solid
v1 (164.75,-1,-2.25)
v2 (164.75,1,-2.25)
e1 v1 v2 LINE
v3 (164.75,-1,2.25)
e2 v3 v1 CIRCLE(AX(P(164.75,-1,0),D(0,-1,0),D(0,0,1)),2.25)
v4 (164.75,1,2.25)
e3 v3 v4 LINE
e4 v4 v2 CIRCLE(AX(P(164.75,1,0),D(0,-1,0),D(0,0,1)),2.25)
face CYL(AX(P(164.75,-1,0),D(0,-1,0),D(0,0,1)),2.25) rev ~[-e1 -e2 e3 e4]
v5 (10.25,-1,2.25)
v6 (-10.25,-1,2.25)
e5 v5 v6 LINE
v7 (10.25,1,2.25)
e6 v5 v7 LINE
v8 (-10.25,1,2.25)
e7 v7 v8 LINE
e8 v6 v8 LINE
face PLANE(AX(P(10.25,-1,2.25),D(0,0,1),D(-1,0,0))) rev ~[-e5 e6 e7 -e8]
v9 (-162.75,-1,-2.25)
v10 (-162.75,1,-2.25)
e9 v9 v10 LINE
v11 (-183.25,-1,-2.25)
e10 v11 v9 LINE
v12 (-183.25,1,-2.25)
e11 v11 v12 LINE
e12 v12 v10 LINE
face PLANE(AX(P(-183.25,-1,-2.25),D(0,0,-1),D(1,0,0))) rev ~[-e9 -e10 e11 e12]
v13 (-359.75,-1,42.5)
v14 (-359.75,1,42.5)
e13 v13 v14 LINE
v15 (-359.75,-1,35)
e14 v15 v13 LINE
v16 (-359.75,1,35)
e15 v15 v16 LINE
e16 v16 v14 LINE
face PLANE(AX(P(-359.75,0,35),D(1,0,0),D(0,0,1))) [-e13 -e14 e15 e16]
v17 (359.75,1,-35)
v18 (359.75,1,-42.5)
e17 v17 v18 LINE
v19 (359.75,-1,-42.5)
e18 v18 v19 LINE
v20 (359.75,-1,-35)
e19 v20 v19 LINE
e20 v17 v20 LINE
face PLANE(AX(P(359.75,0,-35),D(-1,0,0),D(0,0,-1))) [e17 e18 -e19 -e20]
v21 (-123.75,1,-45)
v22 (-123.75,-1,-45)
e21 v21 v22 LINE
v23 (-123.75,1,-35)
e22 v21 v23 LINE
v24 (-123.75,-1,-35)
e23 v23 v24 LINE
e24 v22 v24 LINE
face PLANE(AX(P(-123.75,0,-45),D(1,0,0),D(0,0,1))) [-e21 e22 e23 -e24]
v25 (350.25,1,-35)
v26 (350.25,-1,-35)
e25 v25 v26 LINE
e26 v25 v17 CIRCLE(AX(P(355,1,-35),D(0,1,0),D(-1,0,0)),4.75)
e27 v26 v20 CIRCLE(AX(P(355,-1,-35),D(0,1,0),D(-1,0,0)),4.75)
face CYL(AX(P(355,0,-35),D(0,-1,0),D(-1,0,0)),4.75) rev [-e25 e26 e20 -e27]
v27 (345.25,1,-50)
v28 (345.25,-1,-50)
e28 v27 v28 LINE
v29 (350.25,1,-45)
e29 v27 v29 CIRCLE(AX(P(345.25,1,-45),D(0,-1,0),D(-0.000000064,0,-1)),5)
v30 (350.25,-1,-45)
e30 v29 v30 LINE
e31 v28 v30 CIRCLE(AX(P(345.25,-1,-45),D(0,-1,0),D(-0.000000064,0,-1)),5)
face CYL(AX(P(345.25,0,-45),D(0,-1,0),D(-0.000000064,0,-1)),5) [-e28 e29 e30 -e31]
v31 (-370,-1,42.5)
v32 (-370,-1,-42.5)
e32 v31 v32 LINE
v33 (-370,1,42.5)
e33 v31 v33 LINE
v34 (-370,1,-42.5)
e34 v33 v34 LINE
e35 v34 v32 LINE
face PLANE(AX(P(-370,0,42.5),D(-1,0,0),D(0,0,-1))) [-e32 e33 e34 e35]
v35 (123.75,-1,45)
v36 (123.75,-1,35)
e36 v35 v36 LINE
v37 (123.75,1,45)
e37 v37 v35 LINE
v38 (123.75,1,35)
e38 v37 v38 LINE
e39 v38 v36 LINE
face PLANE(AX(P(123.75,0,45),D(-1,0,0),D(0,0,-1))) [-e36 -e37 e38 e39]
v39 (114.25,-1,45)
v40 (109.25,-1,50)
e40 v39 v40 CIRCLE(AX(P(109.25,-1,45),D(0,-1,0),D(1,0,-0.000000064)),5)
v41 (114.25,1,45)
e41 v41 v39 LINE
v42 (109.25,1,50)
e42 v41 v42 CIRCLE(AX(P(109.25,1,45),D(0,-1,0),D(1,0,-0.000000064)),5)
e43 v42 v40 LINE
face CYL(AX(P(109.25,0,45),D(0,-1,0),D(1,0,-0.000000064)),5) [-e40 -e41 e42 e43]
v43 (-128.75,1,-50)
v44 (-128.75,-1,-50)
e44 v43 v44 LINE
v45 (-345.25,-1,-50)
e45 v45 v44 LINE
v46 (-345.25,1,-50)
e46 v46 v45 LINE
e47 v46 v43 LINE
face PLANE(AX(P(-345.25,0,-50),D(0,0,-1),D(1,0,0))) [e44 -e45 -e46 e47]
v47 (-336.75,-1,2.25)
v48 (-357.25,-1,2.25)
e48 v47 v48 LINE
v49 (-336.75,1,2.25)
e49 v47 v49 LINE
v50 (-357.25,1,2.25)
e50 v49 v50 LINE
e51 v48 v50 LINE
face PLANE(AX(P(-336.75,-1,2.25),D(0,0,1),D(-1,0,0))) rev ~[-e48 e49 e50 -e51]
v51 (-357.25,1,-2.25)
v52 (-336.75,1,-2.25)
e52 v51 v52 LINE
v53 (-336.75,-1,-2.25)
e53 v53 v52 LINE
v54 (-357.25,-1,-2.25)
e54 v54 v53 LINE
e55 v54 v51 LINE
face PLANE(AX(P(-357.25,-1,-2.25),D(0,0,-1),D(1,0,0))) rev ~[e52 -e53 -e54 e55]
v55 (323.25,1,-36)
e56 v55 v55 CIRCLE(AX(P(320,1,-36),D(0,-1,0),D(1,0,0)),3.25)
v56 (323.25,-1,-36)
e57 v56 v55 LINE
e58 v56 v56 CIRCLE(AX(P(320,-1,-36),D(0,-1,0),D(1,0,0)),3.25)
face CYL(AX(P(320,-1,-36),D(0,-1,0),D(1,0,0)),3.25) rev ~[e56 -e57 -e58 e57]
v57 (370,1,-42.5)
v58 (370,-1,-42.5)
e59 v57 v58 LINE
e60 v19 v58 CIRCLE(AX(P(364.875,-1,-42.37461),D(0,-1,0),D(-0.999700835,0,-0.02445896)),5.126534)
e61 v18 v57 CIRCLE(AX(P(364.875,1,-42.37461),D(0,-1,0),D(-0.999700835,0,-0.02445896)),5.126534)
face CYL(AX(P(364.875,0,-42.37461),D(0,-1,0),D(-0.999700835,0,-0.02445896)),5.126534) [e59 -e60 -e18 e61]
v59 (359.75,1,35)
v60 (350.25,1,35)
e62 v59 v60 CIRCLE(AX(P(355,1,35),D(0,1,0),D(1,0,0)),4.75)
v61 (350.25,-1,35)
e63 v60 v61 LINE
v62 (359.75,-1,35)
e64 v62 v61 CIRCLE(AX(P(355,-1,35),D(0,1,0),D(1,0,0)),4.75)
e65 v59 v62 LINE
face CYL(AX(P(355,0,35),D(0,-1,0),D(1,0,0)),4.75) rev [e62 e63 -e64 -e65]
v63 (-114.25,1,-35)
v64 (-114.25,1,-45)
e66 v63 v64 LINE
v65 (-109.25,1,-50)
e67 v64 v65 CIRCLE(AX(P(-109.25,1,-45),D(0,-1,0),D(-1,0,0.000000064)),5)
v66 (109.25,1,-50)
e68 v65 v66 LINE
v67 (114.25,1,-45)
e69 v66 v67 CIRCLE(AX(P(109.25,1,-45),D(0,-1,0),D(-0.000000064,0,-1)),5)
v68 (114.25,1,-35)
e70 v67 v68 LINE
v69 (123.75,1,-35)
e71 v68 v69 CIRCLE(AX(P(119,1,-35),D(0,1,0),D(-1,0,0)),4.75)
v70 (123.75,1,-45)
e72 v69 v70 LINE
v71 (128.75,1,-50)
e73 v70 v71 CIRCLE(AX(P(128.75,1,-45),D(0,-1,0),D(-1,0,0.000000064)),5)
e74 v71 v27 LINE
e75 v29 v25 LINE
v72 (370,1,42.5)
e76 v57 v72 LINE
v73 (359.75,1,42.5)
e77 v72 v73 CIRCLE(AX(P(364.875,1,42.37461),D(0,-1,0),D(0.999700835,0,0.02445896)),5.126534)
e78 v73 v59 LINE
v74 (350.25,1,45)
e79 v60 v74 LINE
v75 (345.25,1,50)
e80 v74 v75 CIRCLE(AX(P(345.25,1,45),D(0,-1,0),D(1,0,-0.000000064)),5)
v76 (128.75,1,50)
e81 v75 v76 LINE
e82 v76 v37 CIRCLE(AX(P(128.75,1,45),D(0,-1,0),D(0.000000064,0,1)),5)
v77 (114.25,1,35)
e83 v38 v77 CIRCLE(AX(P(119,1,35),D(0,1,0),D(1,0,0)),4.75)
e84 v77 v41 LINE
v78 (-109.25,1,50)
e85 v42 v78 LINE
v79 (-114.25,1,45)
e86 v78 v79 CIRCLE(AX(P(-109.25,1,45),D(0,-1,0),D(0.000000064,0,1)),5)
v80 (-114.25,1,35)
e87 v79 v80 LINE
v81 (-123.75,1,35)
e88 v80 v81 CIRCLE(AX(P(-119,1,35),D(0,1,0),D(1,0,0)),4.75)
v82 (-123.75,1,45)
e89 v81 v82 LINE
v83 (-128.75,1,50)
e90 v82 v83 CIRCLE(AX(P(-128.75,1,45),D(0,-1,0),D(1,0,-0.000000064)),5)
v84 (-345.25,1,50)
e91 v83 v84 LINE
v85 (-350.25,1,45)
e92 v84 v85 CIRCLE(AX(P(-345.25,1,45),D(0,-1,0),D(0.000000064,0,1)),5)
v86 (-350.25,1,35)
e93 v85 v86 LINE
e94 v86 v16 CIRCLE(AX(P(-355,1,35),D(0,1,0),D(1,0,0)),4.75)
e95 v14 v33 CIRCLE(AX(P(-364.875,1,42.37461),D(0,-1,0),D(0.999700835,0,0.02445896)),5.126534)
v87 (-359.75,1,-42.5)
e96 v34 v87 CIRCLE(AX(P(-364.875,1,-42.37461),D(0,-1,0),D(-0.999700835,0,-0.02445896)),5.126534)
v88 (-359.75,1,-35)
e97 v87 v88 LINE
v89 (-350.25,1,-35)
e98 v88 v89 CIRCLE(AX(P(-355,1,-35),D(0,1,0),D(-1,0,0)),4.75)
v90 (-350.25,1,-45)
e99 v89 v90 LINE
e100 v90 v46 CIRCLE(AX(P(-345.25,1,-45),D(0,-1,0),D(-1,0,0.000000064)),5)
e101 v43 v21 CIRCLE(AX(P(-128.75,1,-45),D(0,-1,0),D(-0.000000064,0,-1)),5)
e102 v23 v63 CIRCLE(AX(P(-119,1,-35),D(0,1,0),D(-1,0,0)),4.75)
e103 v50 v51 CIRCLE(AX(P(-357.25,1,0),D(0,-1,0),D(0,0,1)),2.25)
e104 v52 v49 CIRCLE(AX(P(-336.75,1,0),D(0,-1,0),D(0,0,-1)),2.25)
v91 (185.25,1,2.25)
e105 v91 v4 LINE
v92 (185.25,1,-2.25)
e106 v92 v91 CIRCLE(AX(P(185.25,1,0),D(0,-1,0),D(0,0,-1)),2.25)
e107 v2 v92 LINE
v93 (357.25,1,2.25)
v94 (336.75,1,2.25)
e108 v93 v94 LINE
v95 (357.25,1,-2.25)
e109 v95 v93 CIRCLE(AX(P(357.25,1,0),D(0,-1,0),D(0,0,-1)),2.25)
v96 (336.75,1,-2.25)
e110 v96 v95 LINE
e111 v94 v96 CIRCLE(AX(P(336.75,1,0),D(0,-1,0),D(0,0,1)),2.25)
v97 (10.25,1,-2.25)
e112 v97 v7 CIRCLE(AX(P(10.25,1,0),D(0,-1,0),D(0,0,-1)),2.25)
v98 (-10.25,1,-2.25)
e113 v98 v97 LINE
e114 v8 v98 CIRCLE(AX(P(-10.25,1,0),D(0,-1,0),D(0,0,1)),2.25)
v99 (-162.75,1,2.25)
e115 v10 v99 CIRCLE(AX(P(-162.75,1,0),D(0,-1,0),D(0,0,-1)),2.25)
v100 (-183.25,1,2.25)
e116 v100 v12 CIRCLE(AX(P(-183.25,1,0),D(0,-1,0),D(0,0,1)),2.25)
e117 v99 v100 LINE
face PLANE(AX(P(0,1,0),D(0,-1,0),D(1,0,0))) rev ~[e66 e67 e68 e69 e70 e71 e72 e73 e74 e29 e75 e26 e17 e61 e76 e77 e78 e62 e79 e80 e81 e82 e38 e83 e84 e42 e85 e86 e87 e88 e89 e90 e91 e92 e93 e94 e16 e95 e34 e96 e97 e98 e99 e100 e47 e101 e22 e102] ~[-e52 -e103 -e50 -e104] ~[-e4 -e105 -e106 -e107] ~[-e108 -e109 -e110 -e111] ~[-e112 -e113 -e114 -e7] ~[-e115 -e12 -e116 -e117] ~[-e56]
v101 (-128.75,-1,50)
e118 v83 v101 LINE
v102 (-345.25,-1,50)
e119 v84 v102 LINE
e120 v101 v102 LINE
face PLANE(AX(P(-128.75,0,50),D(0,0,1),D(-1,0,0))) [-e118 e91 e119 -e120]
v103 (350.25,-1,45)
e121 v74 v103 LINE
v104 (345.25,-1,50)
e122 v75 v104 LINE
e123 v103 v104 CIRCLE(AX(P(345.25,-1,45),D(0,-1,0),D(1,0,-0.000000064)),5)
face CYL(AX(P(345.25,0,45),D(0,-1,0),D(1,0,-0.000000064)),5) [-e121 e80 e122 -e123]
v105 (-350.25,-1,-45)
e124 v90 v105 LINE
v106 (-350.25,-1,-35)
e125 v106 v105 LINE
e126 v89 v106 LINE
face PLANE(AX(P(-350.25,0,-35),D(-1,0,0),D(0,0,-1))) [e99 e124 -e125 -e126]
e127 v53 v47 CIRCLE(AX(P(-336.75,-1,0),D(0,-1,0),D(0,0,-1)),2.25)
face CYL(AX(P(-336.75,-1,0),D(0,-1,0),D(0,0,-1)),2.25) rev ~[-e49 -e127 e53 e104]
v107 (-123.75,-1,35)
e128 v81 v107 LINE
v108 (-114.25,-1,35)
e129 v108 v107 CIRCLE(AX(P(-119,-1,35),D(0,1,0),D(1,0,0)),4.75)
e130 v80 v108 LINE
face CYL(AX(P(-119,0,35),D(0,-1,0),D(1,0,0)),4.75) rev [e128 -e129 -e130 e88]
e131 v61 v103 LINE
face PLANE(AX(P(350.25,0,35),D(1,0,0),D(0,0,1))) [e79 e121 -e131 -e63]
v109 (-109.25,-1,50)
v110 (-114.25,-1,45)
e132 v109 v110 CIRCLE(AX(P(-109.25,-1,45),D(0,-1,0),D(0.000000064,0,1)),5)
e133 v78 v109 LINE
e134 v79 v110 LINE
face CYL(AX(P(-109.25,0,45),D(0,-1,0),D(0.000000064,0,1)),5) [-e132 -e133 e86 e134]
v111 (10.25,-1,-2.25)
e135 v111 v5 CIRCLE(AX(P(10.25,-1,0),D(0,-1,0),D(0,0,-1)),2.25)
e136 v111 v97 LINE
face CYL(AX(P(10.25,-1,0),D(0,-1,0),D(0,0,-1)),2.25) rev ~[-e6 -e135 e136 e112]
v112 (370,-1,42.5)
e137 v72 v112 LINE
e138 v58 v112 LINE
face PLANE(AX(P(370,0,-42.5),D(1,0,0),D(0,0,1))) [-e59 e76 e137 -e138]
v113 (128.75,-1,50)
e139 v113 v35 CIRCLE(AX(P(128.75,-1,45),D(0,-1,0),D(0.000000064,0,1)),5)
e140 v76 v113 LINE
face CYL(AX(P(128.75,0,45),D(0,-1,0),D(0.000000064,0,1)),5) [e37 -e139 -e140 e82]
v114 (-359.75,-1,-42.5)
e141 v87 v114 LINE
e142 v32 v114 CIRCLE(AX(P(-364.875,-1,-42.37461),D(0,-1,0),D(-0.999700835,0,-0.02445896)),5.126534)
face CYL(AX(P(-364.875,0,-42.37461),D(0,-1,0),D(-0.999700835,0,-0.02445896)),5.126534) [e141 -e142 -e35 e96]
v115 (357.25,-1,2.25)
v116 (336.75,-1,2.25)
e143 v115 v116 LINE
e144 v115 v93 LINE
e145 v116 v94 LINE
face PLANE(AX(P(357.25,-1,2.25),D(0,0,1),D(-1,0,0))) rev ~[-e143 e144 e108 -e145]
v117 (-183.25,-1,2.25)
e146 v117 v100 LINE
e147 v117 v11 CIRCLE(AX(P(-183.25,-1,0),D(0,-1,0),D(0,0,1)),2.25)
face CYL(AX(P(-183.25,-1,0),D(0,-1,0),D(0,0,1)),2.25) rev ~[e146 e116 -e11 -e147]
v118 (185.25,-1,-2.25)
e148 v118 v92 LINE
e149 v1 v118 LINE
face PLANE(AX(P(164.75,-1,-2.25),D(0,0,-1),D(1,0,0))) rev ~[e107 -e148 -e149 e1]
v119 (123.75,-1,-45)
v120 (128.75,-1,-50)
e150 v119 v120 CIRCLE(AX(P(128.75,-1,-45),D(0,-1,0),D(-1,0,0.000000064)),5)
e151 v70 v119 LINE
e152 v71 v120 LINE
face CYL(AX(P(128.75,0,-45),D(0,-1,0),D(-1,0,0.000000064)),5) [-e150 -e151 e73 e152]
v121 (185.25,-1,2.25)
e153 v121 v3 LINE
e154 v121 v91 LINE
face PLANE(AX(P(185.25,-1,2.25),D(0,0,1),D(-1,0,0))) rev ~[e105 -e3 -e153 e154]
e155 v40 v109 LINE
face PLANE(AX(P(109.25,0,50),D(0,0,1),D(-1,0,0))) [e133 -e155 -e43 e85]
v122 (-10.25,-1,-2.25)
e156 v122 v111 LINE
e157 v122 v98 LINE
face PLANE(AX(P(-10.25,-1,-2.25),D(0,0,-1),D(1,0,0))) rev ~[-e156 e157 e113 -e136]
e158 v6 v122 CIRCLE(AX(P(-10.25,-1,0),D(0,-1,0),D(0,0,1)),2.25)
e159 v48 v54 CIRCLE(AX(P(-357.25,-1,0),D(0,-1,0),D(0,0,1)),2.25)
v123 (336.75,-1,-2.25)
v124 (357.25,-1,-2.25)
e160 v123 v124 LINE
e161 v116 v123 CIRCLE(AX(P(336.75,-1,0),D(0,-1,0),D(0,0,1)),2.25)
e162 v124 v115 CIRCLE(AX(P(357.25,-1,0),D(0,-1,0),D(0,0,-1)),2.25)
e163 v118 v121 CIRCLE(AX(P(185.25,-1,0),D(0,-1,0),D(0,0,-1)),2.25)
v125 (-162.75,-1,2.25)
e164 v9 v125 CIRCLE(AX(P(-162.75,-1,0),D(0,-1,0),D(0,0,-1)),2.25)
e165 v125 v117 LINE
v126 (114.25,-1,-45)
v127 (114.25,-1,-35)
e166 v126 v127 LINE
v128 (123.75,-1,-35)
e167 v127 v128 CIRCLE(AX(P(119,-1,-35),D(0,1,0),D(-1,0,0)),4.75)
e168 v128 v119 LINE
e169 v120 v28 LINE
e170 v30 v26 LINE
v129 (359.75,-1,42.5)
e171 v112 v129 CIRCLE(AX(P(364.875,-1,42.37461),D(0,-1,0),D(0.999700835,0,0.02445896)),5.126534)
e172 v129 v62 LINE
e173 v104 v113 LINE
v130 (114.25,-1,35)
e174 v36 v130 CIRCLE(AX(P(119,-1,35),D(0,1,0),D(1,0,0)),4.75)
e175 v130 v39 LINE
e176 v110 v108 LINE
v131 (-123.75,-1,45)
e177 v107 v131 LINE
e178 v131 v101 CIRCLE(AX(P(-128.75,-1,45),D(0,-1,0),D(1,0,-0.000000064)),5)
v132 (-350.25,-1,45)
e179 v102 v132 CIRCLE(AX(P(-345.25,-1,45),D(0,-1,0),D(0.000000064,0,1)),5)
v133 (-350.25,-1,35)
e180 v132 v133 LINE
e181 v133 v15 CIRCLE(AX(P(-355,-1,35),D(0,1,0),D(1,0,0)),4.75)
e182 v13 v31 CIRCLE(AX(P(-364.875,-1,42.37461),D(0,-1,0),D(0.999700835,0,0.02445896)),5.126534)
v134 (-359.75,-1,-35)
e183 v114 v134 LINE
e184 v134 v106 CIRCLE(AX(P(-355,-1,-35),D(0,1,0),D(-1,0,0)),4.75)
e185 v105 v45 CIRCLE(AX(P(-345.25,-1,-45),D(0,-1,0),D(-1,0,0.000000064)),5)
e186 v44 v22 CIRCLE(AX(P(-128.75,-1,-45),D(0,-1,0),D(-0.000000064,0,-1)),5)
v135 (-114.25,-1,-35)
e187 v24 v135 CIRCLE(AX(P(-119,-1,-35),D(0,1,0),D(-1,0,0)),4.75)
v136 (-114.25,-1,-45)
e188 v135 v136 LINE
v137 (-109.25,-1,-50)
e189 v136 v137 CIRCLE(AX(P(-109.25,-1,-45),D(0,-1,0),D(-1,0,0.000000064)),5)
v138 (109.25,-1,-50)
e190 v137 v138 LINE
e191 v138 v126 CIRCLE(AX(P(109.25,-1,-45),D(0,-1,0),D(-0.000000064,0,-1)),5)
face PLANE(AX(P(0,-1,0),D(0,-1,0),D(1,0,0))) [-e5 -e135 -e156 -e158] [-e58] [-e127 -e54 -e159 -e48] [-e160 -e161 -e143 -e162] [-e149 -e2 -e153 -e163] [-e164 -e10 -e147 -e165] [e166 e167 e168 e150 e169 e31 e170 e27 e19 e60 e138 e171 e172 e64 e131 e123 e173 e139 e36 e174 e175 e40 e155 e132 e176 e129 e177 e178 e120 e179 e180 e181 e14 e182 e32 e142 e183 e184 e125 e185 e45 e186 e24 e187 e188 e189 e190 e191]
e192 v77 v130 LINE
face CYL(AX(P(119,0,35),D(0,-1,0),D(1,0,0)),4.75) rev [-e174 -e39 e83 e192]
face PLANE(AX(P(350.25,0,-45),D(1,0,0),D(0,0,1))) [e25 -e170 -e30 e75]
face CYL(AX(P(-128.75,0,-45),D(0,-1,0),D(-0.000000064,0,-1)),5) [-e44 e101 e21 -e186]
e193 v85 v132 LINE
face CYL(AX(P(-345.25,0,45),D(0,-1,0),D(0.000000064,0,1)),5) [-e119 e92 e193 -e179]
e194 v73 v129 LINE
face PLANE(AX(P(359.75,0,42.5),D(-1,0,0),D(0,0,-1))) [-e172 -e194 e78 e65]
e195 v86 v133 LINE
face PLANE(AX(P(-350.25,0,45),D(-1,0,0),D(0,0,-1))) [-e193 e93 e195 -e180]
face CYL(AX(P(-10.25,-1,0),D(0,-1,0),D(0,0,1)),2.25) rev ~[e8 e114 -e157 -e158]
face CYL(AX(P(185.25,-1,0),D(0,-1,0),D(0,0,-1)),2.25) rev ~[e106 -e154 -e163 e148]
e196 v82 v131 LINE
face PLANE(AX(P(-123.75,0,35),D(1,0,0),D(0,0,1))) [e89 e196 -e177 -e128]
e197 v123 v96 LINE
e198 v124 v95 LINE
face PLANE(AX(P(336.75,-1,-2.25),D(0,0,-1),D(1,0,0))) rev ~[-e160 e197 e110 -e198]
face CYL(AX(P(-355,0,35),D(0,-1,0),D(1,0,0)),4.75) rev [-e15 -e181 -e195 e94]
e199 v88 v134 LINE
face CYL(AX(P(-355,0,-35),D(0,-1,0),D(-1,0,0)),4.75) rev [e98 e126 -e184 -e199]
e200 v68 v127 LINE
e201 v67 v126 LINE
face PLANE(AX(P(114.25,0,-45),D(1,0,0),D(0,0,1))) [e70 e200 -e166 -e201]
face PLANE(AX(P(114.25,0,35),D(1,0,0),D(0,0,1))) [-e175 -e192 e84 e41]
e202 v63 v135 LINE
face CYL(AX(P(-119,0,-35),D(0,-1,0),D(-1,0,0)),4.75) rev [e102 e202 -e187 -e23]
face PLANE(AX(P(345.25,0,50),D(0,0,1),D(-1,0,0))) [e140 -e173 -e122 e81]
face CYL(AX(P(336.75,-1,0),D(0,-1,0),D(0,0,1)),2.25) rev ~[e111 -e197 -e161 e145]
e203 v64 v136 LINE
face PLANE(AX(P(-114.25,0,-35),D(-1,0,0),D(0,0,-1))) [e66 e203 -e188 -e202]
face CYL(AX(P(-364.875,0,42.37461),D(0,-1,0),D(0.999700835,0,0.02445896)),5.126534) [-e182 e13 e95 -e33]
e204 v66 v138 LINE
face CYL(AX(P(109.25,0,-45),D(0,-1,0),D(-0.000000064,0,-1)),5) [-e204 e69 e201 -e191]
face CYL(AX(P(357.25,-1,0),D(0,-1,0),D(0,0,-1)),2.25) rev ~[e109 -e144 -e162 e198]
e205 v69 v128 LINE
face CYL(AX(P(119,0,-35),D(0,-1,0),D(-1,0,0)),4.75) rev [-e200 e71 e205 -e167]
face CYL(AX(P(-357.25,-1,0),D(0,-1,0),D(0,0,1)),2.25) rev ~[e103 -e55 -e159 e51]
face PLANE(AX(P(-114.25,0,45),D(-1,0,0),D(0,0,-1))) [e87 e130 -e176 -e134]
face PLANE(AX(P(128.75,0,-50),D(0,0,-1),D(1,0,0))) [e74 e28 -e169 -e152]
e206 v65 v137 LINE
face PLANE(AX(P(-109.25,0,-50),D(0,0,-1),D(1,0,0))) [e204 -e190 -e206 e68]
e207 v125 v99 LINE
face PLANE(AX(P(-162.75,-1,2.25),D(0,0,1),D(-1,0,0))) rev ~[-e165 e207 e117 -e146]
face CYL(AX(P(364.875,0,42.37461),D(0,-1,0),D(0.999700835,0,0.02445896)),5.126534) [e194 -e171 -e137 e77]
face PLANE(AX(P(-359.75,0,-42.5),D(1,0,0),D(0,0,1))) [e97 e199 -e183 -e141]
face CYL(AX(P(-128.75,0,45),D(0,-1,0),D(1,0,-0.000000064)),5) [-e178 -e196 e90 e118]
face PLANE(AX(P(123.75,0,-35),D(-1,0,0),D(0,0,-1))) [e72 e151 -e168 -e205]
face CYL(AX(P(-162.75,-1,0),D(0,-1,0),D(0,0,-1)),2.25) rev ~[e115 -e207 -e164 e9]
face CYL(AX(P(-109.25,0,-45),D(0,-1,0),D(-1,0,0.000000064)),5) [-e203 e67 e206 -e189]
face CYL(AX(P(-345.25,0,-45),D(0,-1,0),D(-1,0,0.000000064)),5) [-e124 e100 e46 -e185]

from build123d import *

# Parameters (mm, degrees)
F1_DEPTH = 1
F3_DEPTH = 25
F4_R     = 3.25
F5_DEPTH = 25


with BuildPart() as f1:
    # F0 (on Front) → F1 (new body, symmetric)
    with BuildSketch(Plane.XZ):
        with BuildLine():
            Line((-370, 42.5), (-370, -42.5))
            ThreePointArc((-370, -42.5), (-364.875, -47.501144), (-359.75, -42.5))
            Line((-359.75, -42.5), (-359.75, -35))
            ThreePointArc((-359.75, -35), (-355, -30.25), (-350.25, -35))
            Line((-350.25, -35), (-350.25, -45))
            ThreePointArc((-350.25, -45), (-348.785534, -48.535534), (-345.25, -50))
            Line((-345.25, -50), (-128.75, -50))
            ThreePointArc((-128.75, -50), (-125.214466, -48.535534), (-123.75, -45))
            Line((-123.75, -45), (-123.75, -35))
            ThreePointArc((-123.75, -35), (-119, -30.25), (-114.25, -35))
            Line((-114.25, -35), (-114.25, -45))
            ThreePointArc((-114.25, -45), (-112.785534, -48.535534), (-109.25, -50))
            Line((-109.25, -50), (109.25, -50))
            ThreePointArc((109.25, -50), (112.785534, -48.535534), (114.25, -45))
            Line((114.25, -45), (114.25, -35))
            ThreePointArc((114.25, -35), (119, -30.25), (123.75, -35))
            Line((123.75, -35), (123.75, -45))
            ThreePointArc((123.75, -45), (125.214466, -48.535534), (128.75, -50))
            Line((128.75, -50), (345.25, -50))
            ThreePointArc((345.25, -50), (348.785534, -48.535534), (350.25, -45))
            Line((350.25, -45), (350.25, -35))
            ThreePointArc((350.25, -35), (355, -30.25), (359.75, -35))
            Line((359.75, -35), (359.75, -42.5))
            ThreePointArc((359.75, -42.5), (364.875, -47.501144), (370, -42.5))
            Line((370, -42.5), (370, 42.5))
            ThreePointArc((370, 42.5), (364.875, 47.501144), (359.75, 42.5))
            Line((359.75, 42.5), (359.75, 35))
            ThreePointArc((359.75, 35), (355, 30.25), (350.25, 35))
            Line((350.25, 35), (350.25, 45))
            ThreePointArc((350.25, 45), (348.785534, 48.535534), (345.25, 50))
            Line((345.25, 50), (128.75, 50))
            ThreePointArc((128.75, 50), (125.214466, 48.535534), (123.75, 45))
            Line((123.75, 45), (123.75, 35))
            ThreePointArc((123.75, 35), (119, 30.25), (114.25, 35))
            Line((114.25, 35), (114.25, 45))
            ThreePointArc((114.25, 45), (112.785534, 48.535534), (109.25, 50))
            Line((109.25, 50), (-109.25, 50))
            ThreePointArc((-109.25, 50), (-112.785534, 48.535534), (-114.25, 45))
            Line((-114.25, 45), (-114.25, 35))
            ThreePointArc((-114.25, 35), (-119, 30.25), (-123.75, 35))
            Line((-123.75, 35), (-123.75, 45))
            ThreePointArc((-123.75, 45), (-125.214466, 48.535534), (-128.75, 50))
            Line((-128.75, 50), (-345.25, 50))
            ThreePointArc((-345.25, 50), (-348.785534, 48.535534), (-350.25, 45))
            Line((-350.25, 45), (-350.25, 35))
            ThreePointArc((-350.25, 35), (-355, 30.25), (-359.75, 35))
            Line((-359.75, 35), (-359.75, 42.5))
            ThreePointArc((-359.75, 42.5), (-364.875, 47.501144), (-370, 42.5))
        make_face()
    extrude(amount=F1_DEPTH, both=True)

    # F2 (on face) → F3 (cut)
    with BuildSketch(Plane.XZ.offset(1)):
        with BuildLine():
            Line((-357.25, -2.25), (-336.75, -2.25))
            ThreePointArc((-336.75, -2.25), (-334.5, 0), (-336.75, 2.25))
            Line((-336.75, 2.25), (-357.25, 2.25))
            ThreePointArc((-357.25, 2.25), (-359.5, 0), (-357.25, -2.25))
        make_face()
        with BuildLine():
            Line((-183.25, -2.25), (-162.75, -2.25))
            ThreePointArc((-162.75, -2.25), (-160.5, 0), (-162.75, 2.25))
            Line((-162.75, 2.25), (-183.25, 2.25))
            ThreePointArc((-183.25, 2.25), (-185.5, 0), (-183.25, -2.25))
        make_face()
        with BuildLine():
            Line((-10.25, -2.25), (10.25, -2.25))
            ThreePointArc((10.25, -2.25), (12.5, 0), (10.25, 2.25))
            Line((10.25, 2.25), (-10.25, 2.25))
            ThreePointArc((-10.25, 2.25), (-12.5, 0), (-10.25, -2.25))
        make_face()
        with BuildLine():
            Line((164.75, -2.25), (185.25, -2.25))
            ThreePointArc((185.25, -2.25), (187.5, 0), (185.25, 2.25))
            Line((185.25, 2.25), (164.75, 2.25))
            ThreePointArc((164.75, 2.25), (162.5, 0), (164.75, -2.25))
        make_face()
        with BuildLine():
            Line((336.75, -2.25), (357.25, -2.25))
            ThreePointArc((357.25, -2.25), (359.5, 0), (357.25, 2.25))
            Line((357.25, 2.25), (336.75, 2.25))
            ThreePointArc((336.75, 2.25), (334.5, 0), (336.75, -2.25))
        make_face()
    extrude(amount=-F3_DEPTH, mode=Mode.SUBTRACT)

    # F4 (on face) → F5 (cut)
    with BuildSketch(Plane.XZ.offset(1)):
        with Locations((320, -36)):
            Circle(F4_R)
    extrude(amount=-F5_DEPTH, mode=Mode.SUBTRACT)


solid = f1.part
